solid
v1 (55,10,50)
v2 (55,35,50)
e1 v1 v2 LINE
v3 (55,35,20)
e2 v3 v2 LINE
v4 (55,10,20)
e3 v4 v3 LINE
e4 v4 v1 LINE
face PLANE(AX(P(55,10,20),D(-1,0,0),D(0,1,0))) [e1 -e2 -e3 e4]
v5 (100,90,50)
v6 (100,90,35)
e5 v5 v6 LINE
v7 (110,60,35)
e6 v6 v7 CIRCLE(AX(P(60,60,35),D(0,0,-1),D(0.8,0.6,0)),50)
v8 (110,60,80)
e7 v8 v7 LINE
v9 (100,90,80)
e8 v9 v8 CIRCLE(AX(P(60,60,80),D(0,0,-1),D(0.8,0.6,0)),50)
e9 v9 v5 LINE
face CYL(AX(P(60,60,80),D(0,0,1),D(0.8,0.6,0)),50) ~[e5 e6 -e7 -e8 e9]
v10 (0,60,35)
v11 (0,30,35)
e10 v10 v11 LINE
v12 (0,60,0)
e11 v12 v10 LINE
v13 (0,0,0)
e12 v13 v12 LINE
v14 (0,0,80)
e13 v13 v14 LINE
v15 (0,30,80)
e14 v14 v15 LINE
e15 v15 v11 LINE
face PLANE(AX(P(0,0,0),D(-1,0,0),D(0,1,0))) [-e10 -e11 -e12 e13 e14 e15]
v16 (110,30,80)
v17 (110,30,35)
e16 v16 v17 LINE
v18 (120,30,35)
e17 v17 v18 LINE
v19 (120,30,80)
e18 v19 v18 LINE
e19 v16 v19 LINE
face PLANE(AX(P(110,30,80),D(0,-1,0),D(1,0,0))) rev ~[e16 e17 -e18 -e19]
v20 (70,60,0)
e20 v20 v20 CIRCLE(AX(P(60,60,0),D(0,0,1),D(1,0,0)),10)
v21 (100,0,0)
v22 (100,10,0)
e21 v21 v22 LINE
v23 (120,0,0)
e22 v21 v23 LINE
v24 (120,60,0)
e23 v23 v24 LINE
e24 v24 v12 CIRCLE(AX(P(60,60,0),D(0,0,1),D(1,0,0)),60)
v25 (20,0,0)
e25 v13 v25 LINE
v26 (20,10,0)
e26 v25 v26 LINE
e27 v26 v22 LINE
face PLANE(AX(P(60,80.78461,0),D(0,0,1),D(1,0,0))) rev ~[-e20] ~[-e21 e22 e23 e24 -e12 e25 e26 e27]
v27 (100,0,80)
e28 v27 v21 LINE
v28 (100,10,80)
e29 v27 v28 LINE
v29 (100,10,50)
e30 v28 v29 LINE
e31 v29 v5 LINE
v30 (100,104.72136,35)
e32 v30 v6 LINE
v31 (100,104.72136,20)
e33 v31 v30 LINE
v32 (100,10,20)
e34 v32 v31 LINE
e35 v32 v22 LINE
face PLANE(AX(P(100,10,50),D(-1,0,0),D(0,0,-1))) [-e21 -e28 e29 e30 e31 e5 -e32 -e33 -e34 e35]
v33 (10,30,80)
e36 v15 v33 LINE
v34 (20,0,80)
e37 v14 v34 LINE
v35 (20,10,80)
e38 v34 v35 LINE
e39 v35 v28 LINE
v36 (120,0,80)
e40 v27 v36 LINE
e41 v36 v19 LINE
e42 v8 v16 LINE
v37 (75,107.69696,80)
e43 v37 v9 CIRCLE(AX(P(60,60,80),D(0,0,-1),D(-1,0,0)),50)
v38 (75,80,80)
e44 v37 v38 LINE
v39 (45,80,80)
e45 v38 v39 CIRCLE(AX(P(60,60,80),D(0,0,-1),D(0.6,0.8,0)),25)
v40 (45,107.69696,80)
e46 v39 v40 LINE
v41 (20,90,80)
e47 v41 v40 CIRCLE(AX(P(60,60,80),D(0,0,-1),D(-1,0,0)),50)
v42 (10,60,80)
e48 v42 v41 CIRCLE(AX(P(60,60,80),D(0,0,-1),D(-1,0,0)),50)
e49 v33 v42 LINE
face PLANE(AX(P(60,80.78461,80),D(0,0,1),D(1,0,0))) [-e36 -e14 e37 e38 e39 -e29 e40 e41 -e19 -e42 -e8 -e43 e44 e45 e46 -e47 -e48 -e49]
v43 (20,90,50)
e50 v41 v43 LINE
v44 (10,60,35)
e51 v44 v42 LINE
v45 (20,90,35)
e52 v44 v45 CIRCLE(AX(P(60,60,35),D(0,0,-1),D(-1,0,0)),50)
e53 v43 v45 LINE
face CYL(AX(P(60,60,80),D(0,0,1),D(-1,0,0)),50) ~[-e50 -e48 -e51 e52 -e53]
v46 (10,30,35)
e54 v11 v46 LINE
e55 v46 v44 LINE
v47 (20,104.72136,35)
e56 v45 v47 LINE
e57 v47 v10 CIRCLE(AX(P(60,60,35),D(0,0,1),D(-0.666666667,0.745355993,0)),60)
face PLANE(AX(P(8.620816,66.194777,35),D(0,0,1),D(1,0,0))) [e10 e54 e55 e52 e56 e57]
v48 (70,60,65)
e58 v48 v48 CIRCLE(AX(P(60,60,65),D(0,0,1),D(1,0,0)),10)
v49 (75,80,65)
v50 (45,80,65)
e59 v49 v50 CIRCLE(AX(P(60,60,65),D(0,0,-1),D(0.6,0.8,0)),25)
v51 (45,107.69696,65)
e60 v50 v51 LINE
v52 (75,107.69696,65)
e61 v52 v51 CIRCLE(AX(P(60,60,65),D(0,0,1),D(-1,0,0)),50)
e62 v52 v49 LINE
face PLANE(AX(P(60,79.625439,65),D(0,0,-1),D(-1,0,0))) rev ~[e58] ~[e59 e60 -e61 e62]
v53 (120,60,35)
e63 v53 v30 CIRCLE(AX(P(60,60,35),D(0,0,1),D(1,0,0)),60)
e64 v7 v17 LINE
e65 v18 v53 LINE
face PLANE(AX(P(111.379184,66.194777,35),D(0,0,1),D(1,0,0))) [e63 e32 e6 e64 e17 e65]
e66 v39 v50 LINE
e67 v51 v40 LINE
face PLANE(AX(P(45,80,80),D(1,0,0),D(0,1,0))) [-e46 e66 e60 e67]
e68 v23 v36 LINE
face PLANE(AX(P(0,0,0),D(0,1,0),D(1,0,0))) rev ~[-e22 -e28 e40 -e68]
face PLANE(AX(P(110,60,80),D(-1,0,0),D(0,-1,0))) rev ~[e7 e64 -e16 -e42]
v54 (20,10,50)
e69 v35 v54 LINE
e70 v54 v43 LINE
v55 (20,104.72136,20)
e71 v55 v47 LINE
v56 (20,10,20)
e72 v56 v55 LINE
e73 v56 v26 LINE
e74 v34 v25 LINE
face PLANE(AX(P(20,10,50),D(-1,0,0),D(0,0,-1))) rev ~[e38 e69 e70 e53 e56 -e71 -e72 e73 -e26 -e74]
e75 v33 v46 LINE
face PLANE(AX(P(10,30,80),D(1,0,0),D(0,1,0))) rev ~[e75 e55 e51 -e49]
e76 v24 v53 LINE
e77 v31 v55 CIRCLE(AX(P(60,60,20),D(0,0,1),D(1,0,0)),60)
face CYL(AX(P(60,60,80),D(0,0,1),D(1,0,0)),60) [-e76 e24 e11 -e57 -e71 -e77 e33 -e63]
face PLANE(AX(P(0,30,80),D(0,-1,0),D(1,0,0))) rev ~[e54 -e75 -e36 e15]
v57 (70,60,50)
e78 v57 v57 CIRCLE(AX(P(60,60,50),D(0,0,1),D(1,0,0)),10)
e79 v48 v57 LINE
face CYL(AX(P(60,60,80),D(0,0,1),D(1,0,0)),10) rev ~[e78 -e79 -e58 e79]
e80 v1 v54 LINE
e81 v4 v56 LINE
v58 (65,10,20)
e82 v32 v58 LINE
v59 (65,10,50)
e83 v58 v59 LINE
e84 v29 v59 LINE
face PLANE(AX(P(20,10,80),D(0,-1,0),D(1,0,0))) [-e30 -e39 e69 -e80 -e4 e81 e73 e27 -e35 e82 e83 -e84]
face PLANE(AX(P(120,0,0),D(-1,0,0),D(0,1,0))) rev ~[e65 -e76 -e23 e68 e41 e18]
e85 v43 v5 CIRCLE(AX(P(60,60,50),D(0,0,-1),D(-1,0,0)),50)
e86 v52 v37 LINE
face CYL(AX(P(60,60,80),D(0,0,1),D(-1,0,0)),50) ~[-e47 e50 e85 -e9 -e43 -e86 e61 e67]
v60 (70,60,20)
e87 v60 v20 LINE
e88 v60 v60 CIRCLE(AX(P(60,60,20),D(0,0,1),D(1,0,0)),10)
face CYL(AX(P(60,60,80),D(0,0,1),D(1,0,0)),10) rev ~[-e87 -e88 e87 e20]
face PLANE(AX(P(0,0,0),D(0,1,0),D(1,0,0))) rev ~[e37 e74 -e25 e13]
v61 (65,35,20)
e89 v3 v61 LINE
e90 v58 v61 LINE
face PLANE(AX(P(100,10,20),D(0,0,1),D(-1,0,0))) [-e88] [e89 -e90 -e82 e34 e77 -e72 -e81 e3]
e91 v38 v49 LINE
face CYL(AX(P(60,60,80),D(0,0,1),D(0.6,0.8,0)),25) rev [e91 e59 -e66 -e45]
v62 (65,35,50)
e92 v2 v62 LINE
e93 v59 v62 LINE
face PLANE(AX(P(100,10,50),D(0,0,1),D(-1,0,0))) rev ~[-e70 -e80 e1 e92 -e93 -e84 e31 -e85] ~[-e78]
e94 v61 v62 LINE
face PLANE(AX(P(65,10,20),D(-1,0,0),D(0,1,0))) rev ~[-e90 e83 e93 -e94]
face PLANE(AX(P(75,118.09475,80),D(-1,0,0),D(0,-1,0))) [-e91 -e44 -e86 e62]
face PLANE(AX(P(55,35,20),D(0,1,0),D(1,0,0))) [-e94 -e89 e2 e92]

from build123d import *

# Parameters (mm, degrees)
SKETCH1_W           = 120
SKETCH1_H           = 60
BOSS_EXTRUDE2_DEPTH = 80
SKETCH2_W           = 80
SKETCH2_H           = 10
CUT_EXTRUDE1_DEPTH  = 80
BOSS_EXTRUDE3_DEPTH = 80
SKETCH4_R           = 10
CUT_EXTRUDE2_DEPTH  = 80
CUT_EXTRUDE3_DEPTH  = 15
CUT_EXTRUDE4_DEPTH  = 45
CUT_EXTRUDE5_DEPTH  = 30
SKETCH13_W          = 80
SKETCH13_H          = 30
CUT_EXTRUDE12_DEPTH = 950
SKETCH14_W          = 10
SKETCH14_H          = 25
BOSS_EXTRUDE4_DEPTH = 30


with BuildPart() as part:
    # Sketch1 → Boss-Extrude2 (new body)
    with BuildSketch(Plane.XY):
        with Locations((60, 30)):
            Rectangle(SKETCH1_W, SKETCH1_H)
    extrude(amount=BOSS_EXTRUDE2_DEPTH)

    # Sketch2 → Cut-Extrude1 (cut)
    with BuildSketch(Plane.XY.offset(80)):
        with Locations((60, 5)):
            Rectangle(SKETCH2_W, SKETCH2_H)
    extrude(amount=-CUT_EXTRUDE1_DEPTH, mode=Mode.SUBTRACT)

    # Sketch3 → Boss-Extrude3 (add)
    with BuildSketch(Plane.XY.offset(80)):
        with BuildLine():
            Line((0, 60), (120, 60))
            ThreePointArc((120, 60), (60, 120), (0, 60))
        make_face()
    extrude(amount=-BOSS_EXTRUDE3_DEPTH)

    # Sketch4 → Cut-Extrude2 (cut)
    with BuildSketch(Plane.XY.offset(80)):
        with Locations((60, 60)):
            Circle(SKETCH4_R)
    extrude(amount=-CUT_EXTRUDE2_DEPTH, mode=Mode.SUBTRACT)

    # Sketch5 → Cut-Extrude3 (cut)
    with BuildSketch(Plane.XY.offset(80)):
        with BuildLine():
            Line((45, 80), (45, 118.094750193))
            ThreePointArc((45, 118.094750193), (60, 120.1113283), (75, 118.094750193))
            Line((75, 118.094750193), (75, 80))
            ThreePointArc((75, 80), (60, 35), (45, 80))
        make_face()
    extrude(amount=-CUT_EXTRUDE3_DEPTH, mode=Mode.SUBTRACT)

    # Sketch6 → Cut-Extrude4 (cut)
    with BuildSketch(Plane.XY.offset(80)):
        with BuildLine():
            Line((10, 30), (10, 60))
            ThreePointArc((10, 60), (12.565835097, 75.811388301), (20, 90))
            Line((20, 90), (20, 104.72135955))
            ThreePointArc((20, 104.72135955), (5.227744249, 84.494897428), (0, 60))
            Line((0, 60), (0, 30))
            Line((0, 30), (10, 30))
        make_face()
        with BuildLine():
            Line((100, 104.72135955), (100, 90))
            ThreePointArc((100, 90), (107.434164903, 75.811388301), (110, 60))
            Line((110, 60), (110, 30))
            Line((110, 30), (120, 30))
            Line((120, 30), (120, 60))
            ThreePointArc((120, 60), (114.772255751, 84.494897428), (100, 104.72135955))
        make_face()
    extrude(amount=-CUT_EXTRUDE4_DEPTH, mode=Mode.SUBTRACT)

    # Sketch7 → Cut-Extrude5 (cut)
    with BuildSketch(Plane.XY.offset(80)):
        with BuildLine():
            Line((0, 60), (10, 60))
            ThreePointArc((10, 60), (60, 110), (110, 60))
            Line((110, 60), (120, 60))
            ThreePointArc((120, 60), (60, 120), (0, 60))
        make_face()
    extrude(amount=-CUT_EXTRUDE5_DEPTH, mode=Mode.SUBTRACT)

    # Sketch13 → Cut-Extrude12 (cut)
    with BuildSketch(Plane(origin=(0, 10, 0), x_dir=(-1, 0, 0), z_dir=(0, -1, 0))):
        with Locations((-60, -35)):
            Rectangle(SKETCH13_W, SKETCH13_H)
    extrude(amount=-CUT_EXTRUDE12_DEPTH, mode=Mode.SUBTRACT)

    # Sketch14 → Boss-Extrude4 (add)
    with BuildSketch(Plane.XY.offset(20)):
        with Locations((60, 22.5)):
            Rectangle(SKETCH14_W, SKETCH14_H)
    extrude(amount=BOSS_EXTRUDE4_DEPTH)


solid = part.part
